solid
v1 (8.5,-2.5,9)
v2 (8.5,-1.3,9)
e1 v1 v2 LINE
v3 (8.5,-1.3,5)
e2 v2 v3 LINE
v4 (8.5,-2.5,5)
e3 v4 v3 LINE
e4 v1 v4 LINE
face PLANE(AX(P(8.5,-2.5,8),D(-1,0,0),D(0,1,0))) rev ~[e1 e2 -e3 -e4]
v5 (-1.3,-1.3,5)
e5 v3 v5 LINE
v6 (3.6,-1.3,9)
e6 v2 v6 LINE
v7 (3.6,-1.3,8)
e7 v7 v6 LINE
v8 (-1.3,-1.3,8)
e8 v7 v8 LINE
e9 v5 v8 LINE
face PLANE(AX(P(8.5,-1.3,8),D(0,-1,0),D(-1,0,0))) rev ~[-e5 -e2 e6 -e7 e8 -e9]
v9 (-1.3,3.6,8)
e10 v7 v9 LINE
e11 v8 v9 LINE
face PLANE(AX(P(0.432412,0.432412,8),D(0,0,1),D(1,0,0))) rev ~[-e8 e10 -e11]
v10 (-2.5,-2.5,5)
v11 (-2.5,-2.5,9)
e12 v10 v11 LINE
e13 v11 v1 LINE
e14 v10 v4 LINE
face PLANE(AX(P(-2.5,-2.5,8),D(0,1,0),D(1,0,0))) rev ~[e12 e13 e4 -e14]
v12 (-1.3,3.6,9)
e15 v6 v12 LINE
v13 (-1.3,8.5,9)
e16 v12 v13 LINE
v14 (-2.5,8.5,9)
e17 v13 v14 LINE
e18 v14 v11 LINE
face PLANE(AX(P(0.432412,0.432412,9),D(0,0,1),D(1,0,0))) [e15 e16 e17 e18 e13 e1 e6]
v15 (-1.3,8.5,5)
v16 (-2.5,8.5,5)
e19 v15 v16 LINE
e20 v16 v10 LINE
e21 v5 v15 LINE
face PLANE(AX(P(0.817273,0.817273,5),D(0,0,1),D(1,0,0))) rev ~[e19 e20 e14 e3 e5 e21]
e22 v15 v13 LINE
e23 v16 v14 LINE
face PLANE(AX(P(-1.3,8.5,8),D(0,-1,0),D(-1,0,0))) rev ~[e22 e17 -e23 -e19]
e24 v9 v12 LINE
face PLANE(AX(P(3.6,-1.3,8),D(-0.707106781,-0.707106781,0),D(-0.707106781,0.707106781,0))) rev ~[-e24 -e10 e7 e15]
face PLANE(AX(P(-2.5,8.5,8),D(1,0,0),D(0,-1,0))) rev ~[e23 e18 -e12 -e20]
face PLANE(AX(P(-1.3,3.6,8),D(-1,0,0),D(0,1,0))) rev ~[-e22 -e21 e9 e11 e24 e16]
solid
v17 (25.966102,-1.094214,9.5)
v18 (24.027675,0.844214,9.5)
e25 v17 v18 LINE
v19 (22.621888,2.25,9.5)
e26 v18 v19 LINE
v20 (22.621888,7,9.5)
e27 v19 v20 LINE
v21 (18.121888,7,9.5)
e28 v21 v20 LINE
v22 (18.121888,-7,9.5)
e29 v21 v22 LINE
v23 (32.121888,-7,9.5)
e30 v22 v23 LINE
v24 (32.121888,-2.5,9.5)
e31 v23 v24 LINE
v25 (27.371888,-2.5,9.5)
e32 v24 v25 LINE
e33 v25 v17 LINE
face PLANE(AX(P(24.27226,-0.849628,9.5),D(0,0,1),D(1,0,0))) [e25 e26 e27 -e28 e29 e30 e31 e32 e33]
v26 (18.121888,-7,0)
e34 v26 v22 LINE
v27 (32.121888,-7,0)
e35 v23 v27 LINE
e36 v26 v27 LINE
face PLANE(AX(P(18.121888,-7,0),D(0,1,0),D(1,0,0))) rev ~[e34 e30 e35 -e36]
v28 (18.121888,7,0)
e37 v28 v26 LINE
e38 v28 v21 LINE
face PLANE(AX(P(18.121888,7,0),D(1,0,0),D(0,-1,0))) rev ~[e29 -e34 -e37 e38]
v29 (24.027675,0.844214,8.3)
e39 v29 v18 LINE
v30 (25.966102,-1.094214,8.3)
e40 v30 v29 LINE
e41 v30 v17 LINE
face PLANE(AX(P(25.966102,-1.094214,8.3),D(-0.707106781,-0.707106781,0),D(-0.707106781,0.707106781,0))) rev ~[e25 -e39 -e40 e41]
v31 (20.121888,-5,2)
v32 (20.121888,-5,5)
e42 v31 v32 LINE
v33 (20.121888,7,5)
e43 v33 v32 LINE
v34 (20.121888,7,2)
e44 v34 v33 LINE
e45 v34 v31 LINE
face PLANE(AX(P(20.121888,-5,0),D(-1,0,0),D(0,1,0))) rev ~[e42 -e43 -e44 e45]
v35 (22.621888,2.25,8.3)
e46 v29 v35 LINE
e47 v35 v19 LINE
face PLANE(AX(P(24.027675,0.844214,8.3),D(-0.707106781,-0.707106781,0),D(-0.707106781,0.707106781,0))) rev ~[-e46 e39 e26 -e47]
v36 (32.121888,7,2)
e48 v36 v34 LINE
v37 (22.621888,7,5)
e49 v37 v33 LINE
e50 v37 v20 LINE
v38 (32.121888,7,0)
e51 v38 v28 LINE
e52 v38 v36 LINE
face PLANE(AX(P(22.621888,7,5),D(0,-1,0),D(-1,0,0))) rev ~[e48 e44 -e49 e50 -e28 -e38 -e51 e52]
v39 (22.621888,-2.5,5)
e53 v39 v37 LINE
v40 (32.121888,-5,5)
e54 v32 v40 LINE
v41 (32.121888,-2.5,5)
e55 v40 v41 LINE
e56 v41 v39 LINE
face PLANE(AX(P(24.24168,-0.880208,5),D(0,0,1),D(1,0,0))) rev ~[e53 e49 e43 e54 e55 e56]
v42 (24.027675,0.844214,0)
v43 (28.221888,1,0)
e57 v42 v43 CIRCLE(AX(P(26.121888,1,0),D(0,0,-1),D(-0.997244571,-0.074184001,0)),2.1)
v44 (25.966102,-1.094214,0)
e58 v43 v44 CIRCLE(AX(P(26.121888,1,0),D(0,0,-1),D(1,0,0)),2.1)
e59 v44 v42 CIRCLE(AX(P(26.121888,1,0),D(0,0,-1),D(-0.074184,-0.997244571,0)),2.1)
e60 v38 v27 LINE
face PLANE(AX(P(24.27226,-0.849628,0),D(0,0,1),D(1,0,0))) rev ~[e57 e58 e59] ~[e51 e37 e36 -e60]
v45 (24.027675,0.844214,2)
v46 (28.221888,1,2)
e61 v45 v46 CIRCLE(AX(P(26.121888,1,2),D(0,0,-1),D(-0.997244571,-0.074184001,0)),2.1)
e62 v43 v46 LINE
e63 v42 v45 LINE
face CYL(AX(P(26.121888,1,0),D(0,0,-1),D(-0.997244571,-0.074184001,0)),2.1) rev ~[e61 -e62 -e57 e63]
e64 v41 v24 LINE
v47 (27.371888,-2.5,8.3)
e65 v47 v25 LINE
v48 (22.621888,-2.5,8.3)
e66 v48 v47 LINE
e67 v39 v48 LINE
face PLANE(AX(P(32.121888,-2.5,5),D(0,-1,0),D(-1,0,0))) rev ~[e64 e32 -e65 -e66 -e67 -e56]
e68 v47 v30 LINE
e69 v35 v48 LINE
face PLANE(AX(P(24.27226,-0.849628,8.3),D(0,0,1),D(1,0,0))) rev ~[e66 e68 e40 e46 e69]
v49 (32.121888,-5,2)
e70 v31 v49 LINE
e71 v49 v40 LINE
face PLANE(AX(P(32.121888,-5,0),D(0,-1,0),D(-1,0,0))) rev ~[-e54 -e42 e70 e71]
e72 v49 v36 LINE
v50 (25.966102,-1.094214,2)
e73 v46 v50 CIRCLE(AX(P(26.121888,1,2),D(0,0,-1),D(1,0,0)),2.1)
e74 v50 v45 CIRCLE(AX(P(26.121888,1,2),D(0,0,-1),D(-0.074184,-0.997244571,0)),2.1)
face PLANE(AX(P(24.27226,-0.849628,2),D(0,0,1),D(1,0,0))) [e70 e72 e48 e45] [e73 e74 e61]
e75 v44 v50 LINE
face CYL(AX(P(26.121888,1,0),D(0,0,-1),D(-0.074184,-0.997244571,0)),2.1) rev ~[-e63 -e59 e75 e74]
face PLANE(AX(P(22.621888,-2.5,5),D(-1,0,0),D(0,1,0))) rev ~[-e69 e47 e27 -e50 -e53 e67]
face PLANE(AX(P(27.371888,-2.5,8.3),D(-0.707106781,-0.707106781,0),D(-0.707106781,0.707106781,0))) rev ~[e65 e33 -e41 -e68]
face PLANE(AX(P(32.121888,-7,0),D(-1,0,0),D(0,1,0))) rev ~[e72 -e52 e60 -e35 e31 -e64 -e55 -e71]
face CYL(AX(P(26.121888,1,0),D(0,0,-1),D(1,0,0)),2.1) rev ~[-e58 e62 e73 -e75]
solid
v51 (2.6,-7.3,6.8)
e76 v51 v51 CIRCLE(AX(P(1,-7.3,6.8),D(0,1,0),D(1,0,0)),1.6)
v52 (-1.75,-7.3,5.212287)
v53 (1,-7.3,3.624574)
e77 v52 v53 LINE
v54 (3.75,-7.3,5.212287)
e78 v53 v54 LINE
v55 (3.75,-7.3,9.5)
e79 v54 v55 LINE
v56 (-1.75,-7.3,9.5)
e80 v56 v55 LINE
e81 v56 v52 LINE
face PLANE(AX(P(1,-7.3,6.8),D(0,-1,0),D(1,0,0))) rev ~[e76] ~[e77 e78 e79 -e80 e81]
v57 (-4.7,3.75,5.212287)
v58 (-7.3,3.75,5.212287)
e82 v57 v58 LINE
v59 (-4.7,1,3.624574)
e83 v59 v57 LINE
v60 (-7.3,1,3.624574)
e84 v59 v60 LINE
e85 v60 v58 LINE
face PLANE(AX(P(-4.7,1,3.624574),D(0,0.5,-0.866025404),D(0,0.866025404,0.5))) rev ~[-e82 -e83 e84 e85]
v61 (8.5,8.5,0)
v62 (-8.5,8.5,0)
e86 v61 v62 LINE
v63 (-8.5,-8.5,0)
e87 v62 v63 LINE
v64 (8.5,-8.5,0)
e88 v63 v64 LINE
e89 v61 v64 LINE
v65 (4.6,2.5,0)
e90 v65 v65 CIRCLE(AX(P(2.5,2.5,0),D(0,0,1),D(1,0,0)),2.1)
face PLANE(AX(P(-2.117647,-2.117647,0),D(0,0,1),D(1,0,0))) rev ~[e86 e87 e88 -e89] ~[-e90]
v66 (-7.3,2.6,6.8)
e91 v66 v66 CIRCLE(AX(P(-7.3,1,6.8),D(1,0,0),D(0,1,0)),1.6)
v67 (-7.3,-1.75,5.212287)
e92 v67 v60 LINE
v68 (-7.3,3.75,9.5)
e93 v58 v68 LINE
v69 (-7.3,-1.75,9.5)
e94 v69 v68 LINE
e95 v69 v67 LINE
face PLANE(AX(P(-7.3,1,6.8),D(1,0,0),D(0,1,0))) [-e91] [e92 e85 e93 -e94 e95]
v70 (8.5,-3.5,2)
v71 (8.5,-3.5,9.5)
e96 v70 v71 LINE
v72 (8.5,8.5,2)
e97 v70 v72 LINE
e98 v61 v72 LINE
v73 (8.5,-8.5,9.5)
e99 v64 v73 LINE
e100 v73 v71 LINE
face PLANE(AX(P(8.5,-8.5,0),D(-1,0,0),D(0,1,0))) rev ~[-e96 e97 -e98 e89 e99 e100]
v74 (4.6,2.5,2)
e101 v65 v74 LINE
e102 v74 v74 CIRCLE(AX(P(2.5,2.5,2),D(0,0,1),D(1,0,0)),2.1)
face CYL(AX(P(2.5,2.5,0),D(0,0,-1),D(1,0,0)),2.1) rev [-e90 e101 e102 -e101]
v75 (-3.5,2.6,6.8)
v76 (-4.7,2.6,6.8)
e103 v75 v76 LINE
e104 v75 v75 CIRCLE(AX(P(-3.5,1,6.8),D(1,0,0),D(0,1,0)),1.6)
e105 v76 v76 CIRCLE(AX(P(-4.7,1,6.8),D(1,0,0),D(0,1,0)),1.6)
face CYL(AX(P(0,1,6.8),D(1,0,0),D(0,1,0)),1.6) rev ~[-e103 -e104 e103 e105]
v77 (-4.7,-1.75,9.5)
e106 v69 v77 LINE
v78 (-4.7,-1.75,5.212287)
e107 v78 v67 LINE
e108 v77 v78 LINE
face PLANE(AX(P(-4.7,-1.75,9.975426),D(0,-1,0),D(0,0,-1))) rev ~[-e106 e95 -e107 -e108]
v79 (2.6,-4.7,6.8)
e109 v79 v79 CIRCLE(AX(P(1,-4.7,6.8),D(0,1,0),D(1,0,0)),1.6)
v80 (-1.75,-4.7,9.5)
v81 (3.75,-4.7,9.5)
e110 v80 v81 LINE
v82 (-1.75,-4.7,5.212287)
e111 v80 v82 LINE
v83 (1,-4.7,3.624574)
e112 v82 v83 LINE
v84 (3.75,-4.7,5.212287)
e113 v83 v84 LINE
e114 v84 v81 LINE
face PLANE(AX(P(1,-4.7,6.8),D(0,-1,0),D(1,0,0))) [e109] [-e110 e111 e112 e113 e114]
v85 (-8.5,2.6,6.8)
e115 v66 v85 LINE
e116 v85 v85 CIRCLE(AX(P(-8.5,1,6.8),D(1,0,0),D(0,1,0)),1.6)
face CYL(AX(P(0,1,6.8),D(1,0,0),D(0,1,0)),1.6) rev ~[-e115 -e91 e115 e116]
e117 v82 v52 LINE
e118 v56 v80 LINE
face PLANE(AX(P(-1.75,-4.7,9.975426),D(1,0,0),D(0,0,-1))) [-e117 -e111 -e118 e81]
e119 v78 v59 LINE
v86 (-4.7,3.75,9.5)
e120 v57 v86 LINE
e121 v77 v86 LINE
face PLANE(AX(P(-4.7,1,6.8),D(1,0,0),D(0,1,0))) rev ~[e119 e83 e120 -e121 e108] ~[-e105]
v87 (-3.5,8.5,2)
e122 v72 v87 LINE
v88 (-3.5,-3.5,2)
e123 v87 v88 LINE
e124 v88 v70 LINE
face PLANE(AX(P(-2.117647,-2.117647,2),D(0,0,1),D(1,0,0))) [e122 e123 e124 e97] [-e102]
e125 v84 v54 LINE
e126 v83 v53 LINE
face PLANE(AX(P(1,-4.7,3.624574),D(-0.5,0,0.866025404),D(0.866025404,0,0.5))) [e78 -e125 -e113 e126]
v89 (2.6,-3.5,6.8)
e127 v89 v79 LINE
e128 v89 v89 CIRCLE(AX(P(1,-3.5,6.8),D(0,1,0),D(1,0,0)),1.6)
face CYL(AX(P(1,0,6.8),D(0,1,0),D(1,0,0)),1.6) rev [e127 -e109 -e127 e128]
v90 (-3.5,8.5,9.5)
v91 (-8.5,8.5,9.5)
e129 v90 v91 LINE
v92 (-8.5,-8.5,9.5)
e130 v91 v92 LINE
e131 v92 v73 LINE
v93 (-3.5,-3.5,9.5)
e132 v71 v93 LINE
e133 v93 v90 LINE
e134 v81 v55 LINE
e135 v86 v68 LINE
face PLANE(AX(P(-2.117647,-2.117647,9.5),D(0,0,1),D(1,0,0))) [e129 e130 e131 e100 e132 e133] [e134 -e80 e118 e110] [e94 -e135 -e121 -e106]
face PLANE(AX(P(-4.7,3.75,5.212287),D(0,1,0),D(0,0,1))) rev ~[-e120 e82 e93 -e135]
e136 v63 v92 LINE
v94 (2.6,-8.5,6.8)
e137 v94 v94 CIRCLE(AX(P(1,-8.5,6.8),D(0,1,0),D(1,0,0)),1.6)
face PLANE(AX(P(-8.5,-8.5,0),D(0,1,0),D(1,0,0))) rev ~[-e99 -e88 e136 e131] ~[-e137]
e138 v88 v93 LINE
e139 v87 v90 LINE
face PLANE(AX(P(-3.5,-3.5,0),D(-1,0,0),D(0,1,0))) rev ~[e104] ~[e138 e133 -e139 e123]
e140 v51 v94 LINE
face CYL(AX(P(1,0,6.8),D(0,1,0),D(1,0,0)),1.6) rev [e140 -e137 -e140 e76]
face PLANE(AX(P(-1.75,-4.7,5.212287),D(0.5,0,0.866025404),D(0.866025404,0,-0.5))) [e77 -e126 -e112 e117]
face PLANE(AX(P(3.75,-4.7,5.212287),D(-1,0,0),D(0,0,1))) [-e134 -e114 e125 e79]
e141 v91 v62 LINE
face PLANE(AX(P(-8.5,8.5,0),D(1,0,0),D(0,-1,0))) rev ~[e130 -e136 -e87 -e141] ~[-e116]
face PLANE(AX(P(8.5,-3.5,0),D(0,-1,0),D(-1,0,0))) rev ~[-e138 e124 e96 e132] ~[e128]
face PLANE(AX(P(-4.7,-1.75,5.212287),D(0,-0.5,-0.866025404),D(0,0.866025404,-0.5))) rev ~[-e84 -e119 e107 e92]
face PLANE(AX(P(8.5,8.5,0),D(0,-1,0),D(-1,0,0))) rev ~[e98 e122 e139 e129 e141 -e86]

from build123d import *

# Parameters (mm, degrees)
F0_W      = 5.8
F0_H      = 2.6
F0_W_2    = 2.6
F0_H_2    = 5.8
F0_W_3    = 12
F0_H_3    = 12
F0_R      = 2.1
F1_DEPTH  = 2
F2_DEPTH  = 9.5
F4_START  = 5
F4_DEPTH  = 3
F5_START  = 8
F5_DEPTH  = 1
F6_R      = 1.6
F7_DEPTH  = 8.501
F8_START  = -4.7
F8_DEPTH  = 2.6
F9_R      = 1.6
F10_DEPTH = 8.501
F11_START = 4.7
F11_DEPTH = 2.6
F13_DEPTH = 2
F14_DEPTH = 9.5
F15_START = 5
F15_DEPTH = 4.5
F16_START = 8.3
F16_DEPTH = 1.2


with BuildPart() as f1:
    # F0 (on Top) → F1 (new body)
    with BuildSketch(Plane.XY):
        Polygon((-3.5, 8.5), (-8.5, 8.5), (-8.5, -8.5), (8.5, -8.5), (8.5, -3.5), (-3.5, -3.5), align=None)
        with Locations((1, -6)):
            Rectangle(F0_W, F0_H, mode=Mode.SUBTRACT)
        with Locations((-6, 1)):
            Rectangle(F0_W_2, F0_H_2, mode=Mode.SUBTRACT)
        with Locations((2.5, 2.5)):
            Rectangle(F0_W_3, F0_H_3)
        with Locations((2.5, 2.5)):
            Circle(F0_R, mode=Mode.SUBTRACT)
        with Locations((-6, 1)):
            Rectangle(F0_W_2, F0_H_2)
        with Locations((1, -6)):
            Rectangle(F0_W, F0_H)
    extrude(amount=F1_DEPTH)

    # F0 (on Top) → F2 (join)
    with BuildSketch(Plane.XY):
        Polygon((-3.5, 8.5), (-8.5, 8.5), (-8.5, -8.5), (8.5, -8.5), (8.5, -3.5), (-3.5, -3.5), align=None)
        with Locations((1, -6)):
            Rectangle(F0_W, F0_H, mode=Mode.SUBTRACT)
        with Locations((-6, 1)):
            Rectangle(F0_W_2, F0_H_2, mode=Mode.SUBTRACT)
        with Locations((1, -6)):
            Rectangle(F0_W, F0_H)
        with Locations((-6, 1)):
            Rectangle(F0_W_2, F0_H_2)
    extrude(amount=F2_DEPTH)

    # F6 (on Right) → F7 (cut, through all)
    with BuildSketch(Plane.YZ):
        with Locations((1, 6.8)):
            Circle(F6_R)
    extrude(amount=-F7_DEPTH, mode=Mode.SUBTRACT)

    # F6 (on Right) → F8 (cut)
    with BuildSketch(Plane.YZ.offset(F8_START)):
        Polygon((3.75, 5.2122867597), (3.75, 8.3877132403), (1, 9.9754264805), (-1.75, 8.3877132403), (-1.75, 5.2122867597), (1, 3.6245735195), align=None)
        with Locations((1, 6.8)):
            Circle(F6_R, mode=Mode.SUBTRACT)
        Polygon((1, 9.9754264805), (3.75, 8.3877132403), (3.75, 9.9754264805), align=None)
        with Locations((1, 6.8)):
            Circle(F6_R)
        Polygon((-1.75, 8.3877132403), (1, 9.9754264805), (-1.75, 9.9754264805), align=None)
    extrude(amount=-F8_DEPTH, mode=Mode.SUBTRACT)

    # F9 (on Front) → F10 (cut, through all)
    with BuildSketch(Plane.XZ):
        with Locations((1, 6.8)):
            Circle(F9_R)
    extrude(amount=F10_DEPTH, mode=Mode.SUBTRACT)

    # F9 (on Front) → F11 (cut)
    with BuildSketch(Plane.XZ.offset(F11_START)):
        Polygon((-1.75, 8.3877132403), (-1.75, 5.2122867597), (1, 3.6245735195), (3.75, 5.2122867597), (3.75, 8.3877132403), (1, 9.9754264805), align=None)
        with Locations((1, 6.8)):
            Circle(F9_R, mode=Mode.SUBTRACT)
        Polygon((-1.75, 9.9754264805), (-1.75, 8.3877132403), (1, 9.9754264805), align=None)
        Polygon((3.75, 9.9754264805), (1, 9.9754264805), (3.75, 8.3877132403), align=None)
        with Locations((1, 6.8)):
            Circle(F9_R)
    extrude(amount=F11_DEPTH, mode=Mode.SUBTRACT)


with BuildPart() as f4:
    # F3 (on Top) → F4 (new body)
    with BuildSketch(Plane.XY.offset(F4_START)):
        Polygon((-1.3, 8.5), (-2.5, 8.5), (-2.5, -2.5), (8.5, -2.5), (8.5, -1.3), (3.6, -1.3), (-1.3, -1.3), (-1.3, 3.6), align=None)
    extrude(amount=F4_DEPTH)

    # F3 (on Top) → F5 (join)
    with BuildSketch(Plane.XY.offset(F5_START)):
        Polygon((3.6, -1.3), (-1.3, 3.6), (-1.3, -1.3), align=None)
        Polygon((-1.3, 8.5), (-2.5, 8.5), (-2.5, -2.5), (8.5, -2.5), (8.5, -1.3), (3.6, -1.3), (-1.3, -1.3), (-1.3, 3.6), align=None)
    extrude(amount=F5_DEPTH)


with BuildPart() as f13:
    # F12 (on Top) → F13 (new body)
    with BuildSketch(Plane.XY):
        with BuildLine():
            Line((24.0276748771, 0.8442135987), (22.6218884758, 2.25))
            Line((22.6218884758, 2.25), (22.6218884758, -2.5))
            Line((22.6218884758, -2.5), (27.3718884758, -2.5))
            Line((27.3718884758, -2.5), (25.9661020746, -1.0942135987))
            ThreePointArc((25.9661020746, -1.0942135987), (24.6369642353, -0.4849242405), (24.0276748771, 0.8442135987))
        make_face()
        with BuildLine():
            Line((32.1218884758, 7), (22.6218884758, 7))
            Line((22.6218884758, 7), (22.6218884758, 2.25))
            Line((22.6218884758, 2.25), (24.0276748771, 0.8442135987))
            ThreePointArc((24.0276748771, 0.8442135987), (26.0439415624, 3.0985529011), (28.2218884758, 1))
            ThreePointArc((28.2218884758, 1), (27.5506726718, -0.5390177781), (25.9661020746, -1.0942135987))
            Line((25.9661020746, -1.0942135987), (27.3718884758, -2.5))
            Line((27.3718884758, -2.5), (32.1218884758, -2.5))
            Line((32.1218884758, -2.5), (32.1218884758, 7))
        make_face()
        Polygon((20.1218884758, 7), (18.1218884758, 7), (18.1218884758, -7), (32.1218884758, -7), (32.1218884758, -5), (20.1218884758, -5), align=None)
        Polygon((22.6218884758, 7), (20.1218884758, 7), (20.1218884758, -5), (32.1218884758, -5), (32.1218884758, -2.5), (27.3718884758, -2.5), (22.6218884758, -2.5), (22.6218884758, 2.25), align=None)
    extrude(amount=F13_DEPTH)

    # F12 (on Top) → F14 (join)
    with BuildSketch(Plane.XY):
        Polygon((20.1218884758, 7), (18.1218884758, 7), (18.1218884758, -7), (32.1218884758, -7), (32.1218884758, -5), (20.1218884758, -5), align=None)
    extrude(amount=F14_DEPTH)

    # F12 (on Top) → F15 (join)
    with BuildSketch(Plane.XY.offset(F15_START)):
        Polygon((22.6218884758, 7), (20.1218884758, 7), (20.1218884758, -5), (32.1218884758, -5), (32.1218884758, -2.5), (27.3718884758, -2.5), (22.6218884758, -2.5), (22.6218884758, 2.25), align=None)
    extrude(amount=F15_DEPTH)

    # F12 (on Top) → F16 (join)
    with BuildSketch(Plane.XY.offset(F16_START)):
        with BuildLine():
            Line((24.0276748771, 0.8442135987), (22.6218884758, 2.25))
            Line((22.6218884758, 2.25), (22.6218884758, -2.5))
            Line((22.6218884758, -2.5), (27.3718884758, -2.5))
            Line((27.3718884758, -2.5), (25.9661020746, -1.0942135987))
            ThreePointArc((25.9661020746, -1.0942135987), (24.6369642353, -0.4849242405), (24.0276748771, 0.8442135987))
        make_face()
        with BuildLine():
            Line((25.9661020746, -1.0942135987), (24.0276748771, 0.8442135987))
            ThreePointArc((24.0276748771, 0.8442135987), (24.6369642353, -0.4849242405), (25.9661020746, -1.0942135987))
        make_face()
    extrude(amount=F16_DEPTH)


solid = Compound([f1.part, f4.part, f13.part])
